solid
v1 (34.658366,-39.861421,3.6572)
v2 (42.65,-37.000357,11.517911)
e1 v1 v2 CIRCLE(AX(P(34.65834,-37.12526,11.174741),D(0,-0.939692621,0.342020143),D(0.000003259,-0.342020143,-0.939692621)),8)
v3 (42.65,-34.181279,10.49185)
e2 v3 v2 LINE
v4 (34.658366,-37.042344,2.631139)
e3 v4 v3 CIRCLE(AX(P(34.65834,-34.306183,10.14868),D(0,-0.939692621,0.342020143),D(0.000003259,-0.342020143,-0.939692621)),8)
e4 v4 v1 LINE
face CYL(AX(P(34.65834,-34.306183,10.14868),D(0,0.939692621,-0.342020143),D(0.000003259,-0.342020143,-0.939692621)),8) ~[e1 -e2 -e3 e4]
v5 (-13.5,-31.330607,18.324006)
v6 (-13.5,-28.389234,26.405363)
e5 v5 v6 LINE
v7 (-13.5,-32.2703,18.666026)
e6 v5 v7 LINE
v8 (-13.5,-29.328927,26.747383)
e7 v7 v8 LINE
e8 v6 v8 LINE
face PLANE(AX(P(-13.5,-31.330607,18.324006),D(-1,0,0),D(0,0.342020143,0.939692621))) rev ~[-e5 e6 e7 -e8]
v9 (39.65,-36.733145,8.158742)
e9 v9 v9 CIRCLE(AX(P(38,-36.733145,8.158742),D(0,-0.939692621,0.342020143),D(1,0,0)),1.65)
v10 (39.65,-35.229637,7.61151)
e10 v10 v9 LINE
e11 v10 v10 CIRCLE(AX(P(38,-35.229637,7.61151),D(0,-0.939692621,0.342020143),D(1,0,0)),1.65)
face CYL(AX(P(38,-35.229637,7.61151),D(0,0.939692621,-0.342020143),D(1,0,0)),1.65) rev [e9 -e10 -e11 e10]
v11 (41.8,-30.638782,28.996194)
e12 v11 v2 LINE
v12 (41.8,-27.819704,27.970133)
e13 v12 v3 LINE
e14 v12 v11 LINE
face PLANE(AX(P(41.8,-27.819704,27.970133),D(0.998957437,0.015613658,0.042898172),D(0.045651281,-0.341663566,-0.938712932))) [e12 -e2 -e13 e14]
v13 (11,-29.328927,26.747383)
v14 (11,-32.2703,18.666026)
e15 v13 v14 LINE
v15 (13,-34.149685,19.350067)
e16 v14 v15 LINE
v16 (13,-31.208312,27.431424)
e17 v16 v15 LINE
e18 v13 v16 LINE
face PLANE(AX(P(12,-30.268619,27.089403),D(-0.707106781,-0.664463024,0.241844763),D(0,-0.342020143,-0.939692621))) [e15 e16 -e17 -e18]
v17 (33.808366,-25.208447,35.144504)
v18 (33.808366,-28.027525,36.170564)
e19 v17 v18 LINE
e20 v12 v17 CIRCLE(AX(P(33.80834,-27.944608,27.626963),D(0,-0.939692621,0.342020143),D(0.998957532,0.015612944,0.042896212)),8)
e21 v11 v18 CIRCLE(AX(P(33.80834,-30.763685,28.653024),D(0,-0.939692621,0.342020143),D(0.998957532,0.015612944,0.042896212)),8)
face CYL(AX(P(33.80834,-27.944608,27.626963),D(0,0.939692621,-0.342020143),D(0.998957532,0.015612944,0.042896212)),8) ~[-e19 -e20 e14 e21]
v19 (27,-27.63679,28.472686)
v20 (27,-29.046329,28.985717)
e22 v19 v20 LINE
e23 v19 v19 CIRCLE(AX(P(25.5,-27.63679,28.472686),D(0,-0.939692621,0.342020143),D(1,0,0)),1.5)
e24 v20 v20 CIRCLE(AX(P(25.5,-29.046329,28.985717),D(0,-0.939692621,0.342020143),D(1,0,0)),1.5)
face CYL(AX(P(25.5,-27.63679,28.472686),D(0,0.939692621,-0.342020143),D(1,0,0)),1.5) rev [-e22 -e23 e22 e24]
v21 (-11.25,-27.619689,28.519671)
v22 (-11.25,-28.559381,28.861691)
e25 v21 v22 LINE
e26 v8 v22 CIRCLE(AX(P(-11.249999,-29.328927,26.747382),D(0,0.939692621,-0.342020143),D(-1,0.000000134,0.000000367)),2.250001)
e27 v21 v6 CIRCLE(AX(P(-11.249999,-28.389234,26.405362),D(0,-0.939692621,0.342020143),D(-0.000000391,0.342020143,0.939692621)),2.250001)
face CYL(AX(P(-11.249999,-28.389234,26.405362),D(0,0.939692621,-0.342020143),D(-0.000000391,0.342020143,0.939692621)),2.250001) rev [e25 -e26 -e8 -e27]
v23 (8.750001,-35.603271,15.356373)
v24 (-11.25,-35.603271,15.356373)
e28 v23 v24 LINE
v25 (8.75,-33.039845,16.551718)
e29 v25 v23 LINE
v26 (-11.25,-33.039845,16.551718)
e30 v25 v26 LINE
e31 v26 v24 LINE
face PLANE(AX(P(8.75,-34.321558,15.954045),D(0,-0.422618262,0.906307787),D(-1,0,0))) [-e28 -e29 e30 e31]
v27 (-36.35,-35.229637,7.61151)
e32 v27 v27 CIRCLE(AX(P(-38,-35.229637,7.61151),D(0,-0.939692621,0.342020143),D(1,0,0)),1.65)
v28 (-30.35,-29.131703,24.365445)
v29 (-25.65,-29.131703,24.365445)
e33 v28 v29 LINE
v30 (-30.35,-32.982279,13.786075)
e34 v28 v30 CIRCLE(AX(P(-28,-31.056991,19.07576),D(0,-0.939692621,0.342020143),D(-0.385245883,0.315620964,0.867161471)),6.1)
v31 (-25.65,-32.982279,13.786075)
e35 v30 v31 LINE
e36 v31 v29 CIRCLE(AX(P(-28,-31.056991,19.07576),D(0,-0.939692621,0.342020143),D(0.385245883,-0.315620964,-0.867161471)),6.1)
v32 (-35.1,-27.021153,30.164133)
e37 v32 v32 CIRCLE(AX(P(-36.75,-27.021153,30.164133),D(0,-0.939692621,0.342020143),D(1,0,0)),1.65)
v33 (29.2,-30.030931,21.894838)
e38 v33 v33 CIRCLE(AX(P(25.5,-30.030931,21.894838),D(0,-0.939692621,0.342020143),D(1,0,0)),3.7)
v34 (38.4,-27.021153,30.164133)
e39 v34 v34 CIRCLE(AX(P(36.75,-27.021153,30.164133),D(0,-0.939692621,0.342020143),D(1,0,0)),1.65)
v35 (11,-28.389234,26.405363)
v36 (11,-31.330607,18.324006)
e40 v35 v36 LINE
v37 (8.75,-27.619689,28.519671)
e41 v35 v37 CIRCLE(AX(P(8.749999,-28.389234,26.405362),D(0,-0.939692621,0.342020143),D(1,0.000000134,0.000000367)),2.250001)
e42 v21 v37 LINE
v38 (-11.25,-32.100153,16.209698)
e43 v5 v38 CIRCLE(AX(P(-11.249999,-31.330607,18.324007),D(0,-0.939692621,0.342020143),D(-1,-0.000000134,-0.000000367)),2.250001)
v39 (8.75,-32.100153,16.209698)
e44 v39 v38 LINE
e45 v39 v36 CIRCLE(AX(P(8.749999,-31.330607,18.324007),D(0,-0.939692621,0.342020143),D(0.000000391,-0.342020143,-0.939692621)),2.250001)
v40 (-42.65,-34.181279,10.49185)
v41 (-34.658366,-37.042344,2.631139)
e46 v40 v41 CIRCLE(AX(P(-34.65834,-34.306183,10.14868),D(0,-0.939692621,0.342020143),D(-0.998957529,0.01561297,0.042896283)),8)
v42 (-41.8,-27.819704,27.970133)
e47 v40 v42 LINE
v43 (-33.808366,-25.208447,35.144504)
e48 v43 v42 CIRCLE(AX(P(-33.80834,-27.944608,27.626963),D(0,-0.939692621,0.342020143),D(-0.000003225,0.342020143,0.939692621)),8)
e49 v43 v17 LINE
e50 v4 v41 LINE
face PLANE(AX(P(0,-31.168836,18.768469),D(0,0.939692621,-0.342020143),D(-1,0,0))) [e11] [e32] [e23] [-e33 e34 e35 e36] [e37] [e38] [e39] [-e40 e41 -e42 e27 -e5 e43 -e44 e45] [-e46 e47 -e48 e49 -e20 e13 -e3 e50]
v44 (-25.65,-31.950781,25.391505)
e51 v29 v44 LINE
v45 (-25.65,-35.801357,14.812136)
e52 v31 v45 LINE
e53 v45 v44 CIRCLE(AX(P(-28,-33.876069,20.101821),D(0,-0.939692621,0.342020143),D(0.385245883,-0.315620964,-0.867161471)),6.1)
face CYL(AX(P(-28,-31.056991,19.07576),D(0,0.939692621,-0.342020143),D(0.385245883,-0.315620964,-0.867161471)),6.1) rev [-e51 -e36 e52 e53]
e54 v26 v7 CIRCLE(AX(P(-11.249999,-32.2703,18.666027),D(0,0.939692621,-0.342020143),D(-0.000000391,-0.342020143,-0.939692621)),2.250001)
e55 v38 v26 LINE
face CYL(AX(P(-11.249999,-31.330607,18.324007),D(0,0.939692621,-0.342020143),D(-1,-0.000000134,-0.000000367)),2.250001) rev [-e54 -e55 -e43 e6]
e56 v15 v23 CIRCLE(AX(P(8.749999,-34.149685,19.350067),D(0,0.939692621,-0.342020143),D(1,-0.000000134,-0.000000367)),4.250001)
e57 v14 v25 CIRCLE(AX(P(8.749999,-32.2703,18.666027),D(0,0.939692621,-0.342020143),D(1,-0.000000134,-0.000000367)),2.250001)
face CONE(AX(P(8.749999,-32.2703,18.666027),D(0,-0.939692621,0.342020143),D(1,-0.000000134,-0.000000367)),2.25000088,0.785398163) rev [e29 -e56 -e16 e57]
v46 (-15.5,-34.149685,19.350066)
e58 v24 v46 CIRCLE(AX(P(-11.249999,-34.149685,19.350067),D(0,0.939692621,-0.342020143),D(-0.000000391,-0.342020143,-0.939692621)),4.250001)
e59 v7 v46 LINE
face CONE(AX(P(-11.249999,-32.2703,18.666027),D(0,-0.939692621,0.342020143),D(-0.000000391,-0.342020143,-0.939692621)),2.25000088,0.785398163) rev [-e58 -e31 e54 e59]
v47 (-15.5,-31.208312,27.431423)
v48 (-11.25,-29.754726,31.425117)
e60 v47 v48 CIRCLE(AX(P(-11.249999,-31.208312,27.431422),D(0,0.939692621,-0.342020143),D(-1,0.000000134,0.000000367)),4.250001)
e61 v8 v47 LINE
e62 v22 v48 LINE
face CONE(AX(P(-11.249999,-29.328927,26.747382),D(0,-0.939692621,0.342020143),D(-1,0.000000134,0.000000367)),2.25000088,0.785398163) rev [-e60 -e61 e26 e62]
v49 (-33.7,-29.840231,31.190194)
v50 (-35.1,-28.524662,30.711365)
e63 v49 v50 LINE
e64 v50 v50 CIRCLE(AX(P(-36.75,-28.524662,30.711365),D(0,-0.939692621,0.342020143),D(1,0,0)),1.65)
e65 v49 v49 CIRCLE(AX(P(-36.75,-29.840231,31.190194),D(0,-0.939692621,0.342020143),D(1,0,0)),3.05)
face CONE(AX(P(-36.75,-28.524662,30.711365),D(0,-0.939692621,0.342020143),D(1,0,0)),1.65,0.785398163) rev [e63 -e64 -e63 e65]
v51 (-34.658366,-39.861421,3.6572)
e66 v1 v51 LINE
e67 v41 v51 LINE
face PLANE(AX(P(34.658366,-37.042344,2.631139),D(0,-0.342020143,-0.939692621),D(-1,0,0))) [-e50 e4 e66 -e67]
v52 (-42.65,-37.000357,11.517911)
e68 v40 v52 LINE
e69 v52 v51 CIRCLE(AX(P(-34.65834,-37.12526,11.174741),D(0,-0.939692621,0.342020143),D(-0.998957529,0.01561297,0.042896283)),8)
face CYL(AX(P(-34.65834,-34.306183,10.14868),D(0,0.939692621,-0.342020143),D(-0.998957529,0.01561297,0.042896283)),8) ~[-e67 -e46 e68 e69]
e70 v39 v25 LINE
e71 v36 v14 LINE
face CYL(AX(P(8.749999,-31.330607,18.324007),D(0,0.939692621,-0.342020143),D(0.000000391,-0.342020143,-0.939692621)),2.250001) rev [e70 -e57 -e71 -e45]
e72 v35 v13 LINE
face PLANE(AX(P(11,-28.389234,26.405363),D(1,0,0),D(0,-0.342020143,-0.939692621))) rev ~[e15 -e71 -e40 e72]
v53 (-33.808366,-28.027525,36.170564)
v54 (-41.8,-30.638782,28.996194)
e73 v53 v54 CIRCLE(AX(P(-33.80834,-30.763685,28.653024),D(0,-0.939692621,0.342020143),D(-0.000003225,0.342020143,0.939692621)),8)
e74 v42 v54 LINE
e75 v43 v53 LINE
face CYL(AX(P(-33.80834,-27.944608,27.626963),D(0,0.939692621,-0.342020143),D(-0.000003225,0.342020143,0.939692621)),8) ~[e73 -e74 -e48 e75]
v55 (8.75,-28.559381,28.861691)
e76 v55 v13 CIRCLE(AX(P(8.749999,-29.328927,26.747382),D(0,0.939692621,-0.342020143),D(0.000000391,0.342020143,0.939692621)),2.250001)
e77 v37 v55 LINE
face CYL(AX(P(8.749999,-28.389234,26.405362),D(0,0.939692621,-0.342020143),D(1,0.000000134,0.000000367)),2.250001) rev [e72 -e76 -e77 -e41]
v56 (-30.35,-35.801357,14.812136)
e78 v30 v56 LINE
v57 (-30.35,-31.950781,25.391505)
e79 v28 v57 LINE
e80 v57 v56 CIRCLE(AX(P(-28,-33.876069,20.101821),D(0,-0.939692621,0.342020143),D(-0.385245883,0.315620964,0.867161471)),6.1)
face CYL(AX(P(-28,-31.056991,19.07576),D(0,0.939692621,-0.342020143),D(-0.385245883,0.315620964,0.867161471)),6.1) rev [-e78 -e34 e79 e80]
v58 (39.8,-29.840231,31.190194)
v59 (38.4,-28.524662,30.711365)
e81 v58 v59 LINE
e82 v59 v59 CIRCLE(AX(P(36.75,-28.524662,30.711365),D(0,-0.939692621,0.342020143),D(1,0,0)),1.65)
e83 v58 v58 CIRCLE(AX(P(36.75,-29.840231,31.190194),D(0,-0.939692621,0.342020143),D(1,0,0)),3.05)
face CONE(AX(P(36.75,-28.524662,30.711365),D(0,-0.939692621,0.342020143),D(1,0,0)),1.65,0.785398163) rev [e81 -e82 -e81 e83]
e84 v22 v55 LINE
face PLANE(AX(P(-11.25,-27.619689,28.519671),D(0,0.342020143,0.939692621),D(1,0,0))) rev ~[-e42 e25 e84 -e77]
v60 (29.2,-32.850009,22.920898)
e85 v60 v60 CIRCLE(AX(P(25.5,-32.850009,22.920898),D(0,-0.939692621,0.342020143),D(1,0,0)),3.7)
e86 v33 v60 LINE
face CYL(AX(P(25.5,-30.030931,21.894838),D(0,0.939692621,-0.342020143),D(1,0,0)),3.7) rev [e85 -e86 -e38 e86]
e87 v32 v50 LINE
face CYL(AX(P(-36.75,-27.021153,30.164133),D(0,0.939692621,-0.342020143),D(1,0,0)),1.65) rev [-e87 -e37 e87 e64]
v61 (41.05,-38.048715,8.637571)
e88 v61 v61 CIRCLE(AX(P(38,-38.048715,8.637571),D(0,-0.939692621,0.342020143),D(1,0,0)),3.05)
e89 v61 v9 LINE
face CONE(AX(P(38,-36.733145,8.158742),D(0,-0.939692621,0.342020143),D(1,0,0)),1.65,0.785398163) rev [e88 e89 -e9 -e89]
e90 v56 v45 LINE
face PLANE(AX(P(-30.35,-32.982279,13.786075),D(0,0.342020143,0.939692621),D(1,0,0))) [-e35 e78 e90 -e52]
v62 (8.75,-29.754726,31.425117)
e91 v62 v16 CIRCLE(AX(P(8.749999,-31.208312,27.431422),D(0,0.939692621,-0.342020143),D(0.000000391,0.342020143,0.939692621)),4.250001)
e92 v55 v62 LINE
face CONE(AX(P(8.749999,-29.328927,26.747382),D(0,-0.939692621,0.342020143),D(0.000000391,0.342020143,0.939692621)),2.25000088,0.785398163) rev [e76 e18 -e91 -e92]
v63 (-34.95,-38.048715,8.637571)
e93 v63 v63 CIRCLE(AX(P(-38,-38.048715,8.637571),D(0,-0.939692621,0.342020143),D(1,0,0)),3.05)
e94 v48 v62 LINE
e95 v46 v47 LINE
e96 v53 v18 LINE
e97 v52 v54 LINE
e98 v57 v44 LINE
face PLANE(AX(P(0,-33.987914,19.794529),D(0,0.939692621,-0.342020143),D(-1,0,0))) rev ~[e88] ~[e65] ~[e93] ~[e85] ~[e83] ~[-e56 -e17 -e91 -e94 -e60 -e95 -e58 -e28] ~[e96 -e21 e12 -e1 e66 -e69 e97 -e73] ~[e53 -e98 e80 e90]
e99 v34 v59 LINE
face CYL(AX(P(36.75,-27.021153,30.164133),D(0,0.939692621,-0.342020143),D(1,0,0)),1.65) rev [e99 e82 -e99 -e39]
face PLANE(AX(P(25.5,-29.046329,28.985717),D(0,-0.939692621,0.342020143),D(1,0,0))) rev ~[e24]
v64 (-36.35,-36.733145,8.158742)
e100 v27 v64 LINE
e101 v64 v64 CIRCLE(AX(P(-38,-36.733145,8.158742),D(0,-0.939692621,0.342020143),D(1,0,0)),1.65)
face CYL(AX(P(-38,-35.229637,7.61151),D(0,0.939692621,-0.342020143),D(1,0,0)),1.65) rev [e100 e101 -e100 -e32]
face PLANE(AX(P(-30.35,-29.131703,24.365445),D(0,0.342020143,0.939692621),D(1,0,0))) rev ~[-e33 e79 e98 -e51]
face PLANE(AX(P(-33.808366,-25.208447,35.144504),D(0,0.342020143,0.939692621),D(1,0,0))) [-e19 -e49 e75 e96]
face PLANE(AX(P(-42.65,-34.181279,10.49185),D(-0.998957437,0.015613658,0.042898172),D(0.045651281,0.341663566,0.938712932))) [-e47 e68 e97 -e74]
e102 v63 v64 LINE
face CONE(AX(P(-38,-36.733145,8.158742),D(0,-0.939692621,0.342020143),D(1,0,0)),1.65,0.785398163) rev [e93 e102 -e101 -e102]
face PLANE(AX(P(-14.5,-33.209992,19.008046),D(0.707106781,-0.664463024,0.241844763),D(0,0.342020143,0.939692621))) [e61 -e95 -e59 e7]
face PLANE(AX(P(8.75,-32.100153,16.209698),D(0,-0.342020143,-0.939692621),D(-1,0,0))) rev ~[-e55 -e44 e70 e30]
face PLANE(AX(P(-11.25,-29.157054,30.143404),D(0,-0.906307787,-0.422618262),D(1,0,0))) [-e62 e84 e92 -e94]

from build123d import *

# Parameters (mm, degrees)
SKETCH033_R             = 1.65
SKETCH033_R_2           = 3.7
PAD001_DEPTH            = 3
CHAMFER001_SIZE         = 2
CHAMFER002_SIZE         = 1.4
SKETCH035_R             = 1.5
POCKET009_DEPTH         = 1.5
BODY005_PLACEMENT_ANGLE = 340


with BuildPart() as part:
    # Sketch033 → Pad001 (new body)
    with BuildSketch(Plane.XZ):
        with BuildLine():
            Line((-33.808366, 37.4), (33.808366, 37.4))
            ThreePointArc((41.8, 29.765194), (39.33458, 35.18452), (33.808366, 37.4))
            Line((41.8, 29.765194), (42.65, 11.165194))
            ThreePointArc((34.658366, 2.8), (40.442878, 5.273779), (42.65, 11.165194))
            Line((34.658366, 2.8), (-34.658366, 2.8))
            ThreePointArc((-42.65, 11.165194), (-40.442878, 5.273779), (-34.658366, 2.8))
            Line((-42.65, 11.165194), (-41.8, 29.765194))
            ThreePointArc((-33.808366, 37.4), (-39.33458, 35.18452), (-41.8, 29.765194))
        make_face()
        with Locations((-36.75, 32.1)):
            Circle(SKETCH033_R, mode=Mode.SUBTRACT)
        with Locations((36.75, 32.1)):
            Circle(SKETCH033_R, mode=Mode.SUBTRACT)
        with Locations((-38, 8.1)):
            Circle(SKETCH033_R, mode=Mode.SUBTRACT)
        with Locations((38, 8.1)):
            Circle(SKETCH033_R, mode=Mode.SUBTRACT)
        with Locations((25.5, 23.3)):
            Circle(SKETCH033_R_2, mode=Mode.SUBTRACT)
        with BuildLine():
            Line((-11.25, 30.35), (8.75, 30.35))
            ThreePointArc((11, 28.1), (10.34099, 29.69099), (8.75, 30.35))
            Line((11, 28.1), (11, 19.5))
            ThreePointArc((8.75, 17.25), (10.34099, 17.90901), (11, 19.5))
            Line((8.75, 17.25), (-11.25, 17.25))
            ThreePointArc((-13.5, 19.5), (-12.84099, 17.90901), (-11.25, 17.25))
            Line((-13.5, 19.5), (-13.5, 28.1))
            ThreePointArc((-11.25, 30.35), (-12.84099, 29.69099), (-13.5, 28.1))
        make_face(mode=Mode.SUBTRACT)
        with BuildLine():
            Line((-30.35, 25.929165), (-25.65, 25.929165))
            ThreePointArc((-25.65, 14.670835), (-21.9, 20.3), (-25.65, 25.929165))
            Line((-30.35, 14.670835), (-25.65, 14.670835))
            ThreePointArc((-30.35, 25.929165), (-34.1, 20.3), (-30.35, 14.670835))
        make_face(mode=Mode.SUBTRACT)
    extrude(amount=PAD001_DEPTH)

    # Chamfer001
    chamfer001_edges = [part.edges().sort_by_distance(p)[0] for p in [
        (-1.25, -3, 30.35),
    ]]
    chamfer(chamfer001_edges, length=CHAMFER001_SIZE)

    # Chamfer002
    chamfer002_edges = [part.edges().sort_by_distance(p)[0] for p in [
        (-38.4, -3, 32.1),
        (-39.65, -3, 8.1),
        (35.1, -3, 32.1),
        (36.35, -3, 8.1),
    ]]
    chamfer(chamfer002_edges, length=CHAMFER002_SIZE)

    # Sketch035 → Pocket009 (cut)
    with BuildSketch(Plane.XZ):
        with Locations((25.5, 30.3)):
            Circle(SKETCH035_R)
    extrude(amount=POCKET009_DEPTH, mode=Mode.SUBTRACT)


with BuildPart() as part_1:
    # Body005 placement: moved
    add(part.part.moved(Location((0, -38, 0))).rotate(Axis((0, -38, 0), (1, 0, 0)), BODY005_PLACEMENT_ANGLE))


solid = part_1.part
